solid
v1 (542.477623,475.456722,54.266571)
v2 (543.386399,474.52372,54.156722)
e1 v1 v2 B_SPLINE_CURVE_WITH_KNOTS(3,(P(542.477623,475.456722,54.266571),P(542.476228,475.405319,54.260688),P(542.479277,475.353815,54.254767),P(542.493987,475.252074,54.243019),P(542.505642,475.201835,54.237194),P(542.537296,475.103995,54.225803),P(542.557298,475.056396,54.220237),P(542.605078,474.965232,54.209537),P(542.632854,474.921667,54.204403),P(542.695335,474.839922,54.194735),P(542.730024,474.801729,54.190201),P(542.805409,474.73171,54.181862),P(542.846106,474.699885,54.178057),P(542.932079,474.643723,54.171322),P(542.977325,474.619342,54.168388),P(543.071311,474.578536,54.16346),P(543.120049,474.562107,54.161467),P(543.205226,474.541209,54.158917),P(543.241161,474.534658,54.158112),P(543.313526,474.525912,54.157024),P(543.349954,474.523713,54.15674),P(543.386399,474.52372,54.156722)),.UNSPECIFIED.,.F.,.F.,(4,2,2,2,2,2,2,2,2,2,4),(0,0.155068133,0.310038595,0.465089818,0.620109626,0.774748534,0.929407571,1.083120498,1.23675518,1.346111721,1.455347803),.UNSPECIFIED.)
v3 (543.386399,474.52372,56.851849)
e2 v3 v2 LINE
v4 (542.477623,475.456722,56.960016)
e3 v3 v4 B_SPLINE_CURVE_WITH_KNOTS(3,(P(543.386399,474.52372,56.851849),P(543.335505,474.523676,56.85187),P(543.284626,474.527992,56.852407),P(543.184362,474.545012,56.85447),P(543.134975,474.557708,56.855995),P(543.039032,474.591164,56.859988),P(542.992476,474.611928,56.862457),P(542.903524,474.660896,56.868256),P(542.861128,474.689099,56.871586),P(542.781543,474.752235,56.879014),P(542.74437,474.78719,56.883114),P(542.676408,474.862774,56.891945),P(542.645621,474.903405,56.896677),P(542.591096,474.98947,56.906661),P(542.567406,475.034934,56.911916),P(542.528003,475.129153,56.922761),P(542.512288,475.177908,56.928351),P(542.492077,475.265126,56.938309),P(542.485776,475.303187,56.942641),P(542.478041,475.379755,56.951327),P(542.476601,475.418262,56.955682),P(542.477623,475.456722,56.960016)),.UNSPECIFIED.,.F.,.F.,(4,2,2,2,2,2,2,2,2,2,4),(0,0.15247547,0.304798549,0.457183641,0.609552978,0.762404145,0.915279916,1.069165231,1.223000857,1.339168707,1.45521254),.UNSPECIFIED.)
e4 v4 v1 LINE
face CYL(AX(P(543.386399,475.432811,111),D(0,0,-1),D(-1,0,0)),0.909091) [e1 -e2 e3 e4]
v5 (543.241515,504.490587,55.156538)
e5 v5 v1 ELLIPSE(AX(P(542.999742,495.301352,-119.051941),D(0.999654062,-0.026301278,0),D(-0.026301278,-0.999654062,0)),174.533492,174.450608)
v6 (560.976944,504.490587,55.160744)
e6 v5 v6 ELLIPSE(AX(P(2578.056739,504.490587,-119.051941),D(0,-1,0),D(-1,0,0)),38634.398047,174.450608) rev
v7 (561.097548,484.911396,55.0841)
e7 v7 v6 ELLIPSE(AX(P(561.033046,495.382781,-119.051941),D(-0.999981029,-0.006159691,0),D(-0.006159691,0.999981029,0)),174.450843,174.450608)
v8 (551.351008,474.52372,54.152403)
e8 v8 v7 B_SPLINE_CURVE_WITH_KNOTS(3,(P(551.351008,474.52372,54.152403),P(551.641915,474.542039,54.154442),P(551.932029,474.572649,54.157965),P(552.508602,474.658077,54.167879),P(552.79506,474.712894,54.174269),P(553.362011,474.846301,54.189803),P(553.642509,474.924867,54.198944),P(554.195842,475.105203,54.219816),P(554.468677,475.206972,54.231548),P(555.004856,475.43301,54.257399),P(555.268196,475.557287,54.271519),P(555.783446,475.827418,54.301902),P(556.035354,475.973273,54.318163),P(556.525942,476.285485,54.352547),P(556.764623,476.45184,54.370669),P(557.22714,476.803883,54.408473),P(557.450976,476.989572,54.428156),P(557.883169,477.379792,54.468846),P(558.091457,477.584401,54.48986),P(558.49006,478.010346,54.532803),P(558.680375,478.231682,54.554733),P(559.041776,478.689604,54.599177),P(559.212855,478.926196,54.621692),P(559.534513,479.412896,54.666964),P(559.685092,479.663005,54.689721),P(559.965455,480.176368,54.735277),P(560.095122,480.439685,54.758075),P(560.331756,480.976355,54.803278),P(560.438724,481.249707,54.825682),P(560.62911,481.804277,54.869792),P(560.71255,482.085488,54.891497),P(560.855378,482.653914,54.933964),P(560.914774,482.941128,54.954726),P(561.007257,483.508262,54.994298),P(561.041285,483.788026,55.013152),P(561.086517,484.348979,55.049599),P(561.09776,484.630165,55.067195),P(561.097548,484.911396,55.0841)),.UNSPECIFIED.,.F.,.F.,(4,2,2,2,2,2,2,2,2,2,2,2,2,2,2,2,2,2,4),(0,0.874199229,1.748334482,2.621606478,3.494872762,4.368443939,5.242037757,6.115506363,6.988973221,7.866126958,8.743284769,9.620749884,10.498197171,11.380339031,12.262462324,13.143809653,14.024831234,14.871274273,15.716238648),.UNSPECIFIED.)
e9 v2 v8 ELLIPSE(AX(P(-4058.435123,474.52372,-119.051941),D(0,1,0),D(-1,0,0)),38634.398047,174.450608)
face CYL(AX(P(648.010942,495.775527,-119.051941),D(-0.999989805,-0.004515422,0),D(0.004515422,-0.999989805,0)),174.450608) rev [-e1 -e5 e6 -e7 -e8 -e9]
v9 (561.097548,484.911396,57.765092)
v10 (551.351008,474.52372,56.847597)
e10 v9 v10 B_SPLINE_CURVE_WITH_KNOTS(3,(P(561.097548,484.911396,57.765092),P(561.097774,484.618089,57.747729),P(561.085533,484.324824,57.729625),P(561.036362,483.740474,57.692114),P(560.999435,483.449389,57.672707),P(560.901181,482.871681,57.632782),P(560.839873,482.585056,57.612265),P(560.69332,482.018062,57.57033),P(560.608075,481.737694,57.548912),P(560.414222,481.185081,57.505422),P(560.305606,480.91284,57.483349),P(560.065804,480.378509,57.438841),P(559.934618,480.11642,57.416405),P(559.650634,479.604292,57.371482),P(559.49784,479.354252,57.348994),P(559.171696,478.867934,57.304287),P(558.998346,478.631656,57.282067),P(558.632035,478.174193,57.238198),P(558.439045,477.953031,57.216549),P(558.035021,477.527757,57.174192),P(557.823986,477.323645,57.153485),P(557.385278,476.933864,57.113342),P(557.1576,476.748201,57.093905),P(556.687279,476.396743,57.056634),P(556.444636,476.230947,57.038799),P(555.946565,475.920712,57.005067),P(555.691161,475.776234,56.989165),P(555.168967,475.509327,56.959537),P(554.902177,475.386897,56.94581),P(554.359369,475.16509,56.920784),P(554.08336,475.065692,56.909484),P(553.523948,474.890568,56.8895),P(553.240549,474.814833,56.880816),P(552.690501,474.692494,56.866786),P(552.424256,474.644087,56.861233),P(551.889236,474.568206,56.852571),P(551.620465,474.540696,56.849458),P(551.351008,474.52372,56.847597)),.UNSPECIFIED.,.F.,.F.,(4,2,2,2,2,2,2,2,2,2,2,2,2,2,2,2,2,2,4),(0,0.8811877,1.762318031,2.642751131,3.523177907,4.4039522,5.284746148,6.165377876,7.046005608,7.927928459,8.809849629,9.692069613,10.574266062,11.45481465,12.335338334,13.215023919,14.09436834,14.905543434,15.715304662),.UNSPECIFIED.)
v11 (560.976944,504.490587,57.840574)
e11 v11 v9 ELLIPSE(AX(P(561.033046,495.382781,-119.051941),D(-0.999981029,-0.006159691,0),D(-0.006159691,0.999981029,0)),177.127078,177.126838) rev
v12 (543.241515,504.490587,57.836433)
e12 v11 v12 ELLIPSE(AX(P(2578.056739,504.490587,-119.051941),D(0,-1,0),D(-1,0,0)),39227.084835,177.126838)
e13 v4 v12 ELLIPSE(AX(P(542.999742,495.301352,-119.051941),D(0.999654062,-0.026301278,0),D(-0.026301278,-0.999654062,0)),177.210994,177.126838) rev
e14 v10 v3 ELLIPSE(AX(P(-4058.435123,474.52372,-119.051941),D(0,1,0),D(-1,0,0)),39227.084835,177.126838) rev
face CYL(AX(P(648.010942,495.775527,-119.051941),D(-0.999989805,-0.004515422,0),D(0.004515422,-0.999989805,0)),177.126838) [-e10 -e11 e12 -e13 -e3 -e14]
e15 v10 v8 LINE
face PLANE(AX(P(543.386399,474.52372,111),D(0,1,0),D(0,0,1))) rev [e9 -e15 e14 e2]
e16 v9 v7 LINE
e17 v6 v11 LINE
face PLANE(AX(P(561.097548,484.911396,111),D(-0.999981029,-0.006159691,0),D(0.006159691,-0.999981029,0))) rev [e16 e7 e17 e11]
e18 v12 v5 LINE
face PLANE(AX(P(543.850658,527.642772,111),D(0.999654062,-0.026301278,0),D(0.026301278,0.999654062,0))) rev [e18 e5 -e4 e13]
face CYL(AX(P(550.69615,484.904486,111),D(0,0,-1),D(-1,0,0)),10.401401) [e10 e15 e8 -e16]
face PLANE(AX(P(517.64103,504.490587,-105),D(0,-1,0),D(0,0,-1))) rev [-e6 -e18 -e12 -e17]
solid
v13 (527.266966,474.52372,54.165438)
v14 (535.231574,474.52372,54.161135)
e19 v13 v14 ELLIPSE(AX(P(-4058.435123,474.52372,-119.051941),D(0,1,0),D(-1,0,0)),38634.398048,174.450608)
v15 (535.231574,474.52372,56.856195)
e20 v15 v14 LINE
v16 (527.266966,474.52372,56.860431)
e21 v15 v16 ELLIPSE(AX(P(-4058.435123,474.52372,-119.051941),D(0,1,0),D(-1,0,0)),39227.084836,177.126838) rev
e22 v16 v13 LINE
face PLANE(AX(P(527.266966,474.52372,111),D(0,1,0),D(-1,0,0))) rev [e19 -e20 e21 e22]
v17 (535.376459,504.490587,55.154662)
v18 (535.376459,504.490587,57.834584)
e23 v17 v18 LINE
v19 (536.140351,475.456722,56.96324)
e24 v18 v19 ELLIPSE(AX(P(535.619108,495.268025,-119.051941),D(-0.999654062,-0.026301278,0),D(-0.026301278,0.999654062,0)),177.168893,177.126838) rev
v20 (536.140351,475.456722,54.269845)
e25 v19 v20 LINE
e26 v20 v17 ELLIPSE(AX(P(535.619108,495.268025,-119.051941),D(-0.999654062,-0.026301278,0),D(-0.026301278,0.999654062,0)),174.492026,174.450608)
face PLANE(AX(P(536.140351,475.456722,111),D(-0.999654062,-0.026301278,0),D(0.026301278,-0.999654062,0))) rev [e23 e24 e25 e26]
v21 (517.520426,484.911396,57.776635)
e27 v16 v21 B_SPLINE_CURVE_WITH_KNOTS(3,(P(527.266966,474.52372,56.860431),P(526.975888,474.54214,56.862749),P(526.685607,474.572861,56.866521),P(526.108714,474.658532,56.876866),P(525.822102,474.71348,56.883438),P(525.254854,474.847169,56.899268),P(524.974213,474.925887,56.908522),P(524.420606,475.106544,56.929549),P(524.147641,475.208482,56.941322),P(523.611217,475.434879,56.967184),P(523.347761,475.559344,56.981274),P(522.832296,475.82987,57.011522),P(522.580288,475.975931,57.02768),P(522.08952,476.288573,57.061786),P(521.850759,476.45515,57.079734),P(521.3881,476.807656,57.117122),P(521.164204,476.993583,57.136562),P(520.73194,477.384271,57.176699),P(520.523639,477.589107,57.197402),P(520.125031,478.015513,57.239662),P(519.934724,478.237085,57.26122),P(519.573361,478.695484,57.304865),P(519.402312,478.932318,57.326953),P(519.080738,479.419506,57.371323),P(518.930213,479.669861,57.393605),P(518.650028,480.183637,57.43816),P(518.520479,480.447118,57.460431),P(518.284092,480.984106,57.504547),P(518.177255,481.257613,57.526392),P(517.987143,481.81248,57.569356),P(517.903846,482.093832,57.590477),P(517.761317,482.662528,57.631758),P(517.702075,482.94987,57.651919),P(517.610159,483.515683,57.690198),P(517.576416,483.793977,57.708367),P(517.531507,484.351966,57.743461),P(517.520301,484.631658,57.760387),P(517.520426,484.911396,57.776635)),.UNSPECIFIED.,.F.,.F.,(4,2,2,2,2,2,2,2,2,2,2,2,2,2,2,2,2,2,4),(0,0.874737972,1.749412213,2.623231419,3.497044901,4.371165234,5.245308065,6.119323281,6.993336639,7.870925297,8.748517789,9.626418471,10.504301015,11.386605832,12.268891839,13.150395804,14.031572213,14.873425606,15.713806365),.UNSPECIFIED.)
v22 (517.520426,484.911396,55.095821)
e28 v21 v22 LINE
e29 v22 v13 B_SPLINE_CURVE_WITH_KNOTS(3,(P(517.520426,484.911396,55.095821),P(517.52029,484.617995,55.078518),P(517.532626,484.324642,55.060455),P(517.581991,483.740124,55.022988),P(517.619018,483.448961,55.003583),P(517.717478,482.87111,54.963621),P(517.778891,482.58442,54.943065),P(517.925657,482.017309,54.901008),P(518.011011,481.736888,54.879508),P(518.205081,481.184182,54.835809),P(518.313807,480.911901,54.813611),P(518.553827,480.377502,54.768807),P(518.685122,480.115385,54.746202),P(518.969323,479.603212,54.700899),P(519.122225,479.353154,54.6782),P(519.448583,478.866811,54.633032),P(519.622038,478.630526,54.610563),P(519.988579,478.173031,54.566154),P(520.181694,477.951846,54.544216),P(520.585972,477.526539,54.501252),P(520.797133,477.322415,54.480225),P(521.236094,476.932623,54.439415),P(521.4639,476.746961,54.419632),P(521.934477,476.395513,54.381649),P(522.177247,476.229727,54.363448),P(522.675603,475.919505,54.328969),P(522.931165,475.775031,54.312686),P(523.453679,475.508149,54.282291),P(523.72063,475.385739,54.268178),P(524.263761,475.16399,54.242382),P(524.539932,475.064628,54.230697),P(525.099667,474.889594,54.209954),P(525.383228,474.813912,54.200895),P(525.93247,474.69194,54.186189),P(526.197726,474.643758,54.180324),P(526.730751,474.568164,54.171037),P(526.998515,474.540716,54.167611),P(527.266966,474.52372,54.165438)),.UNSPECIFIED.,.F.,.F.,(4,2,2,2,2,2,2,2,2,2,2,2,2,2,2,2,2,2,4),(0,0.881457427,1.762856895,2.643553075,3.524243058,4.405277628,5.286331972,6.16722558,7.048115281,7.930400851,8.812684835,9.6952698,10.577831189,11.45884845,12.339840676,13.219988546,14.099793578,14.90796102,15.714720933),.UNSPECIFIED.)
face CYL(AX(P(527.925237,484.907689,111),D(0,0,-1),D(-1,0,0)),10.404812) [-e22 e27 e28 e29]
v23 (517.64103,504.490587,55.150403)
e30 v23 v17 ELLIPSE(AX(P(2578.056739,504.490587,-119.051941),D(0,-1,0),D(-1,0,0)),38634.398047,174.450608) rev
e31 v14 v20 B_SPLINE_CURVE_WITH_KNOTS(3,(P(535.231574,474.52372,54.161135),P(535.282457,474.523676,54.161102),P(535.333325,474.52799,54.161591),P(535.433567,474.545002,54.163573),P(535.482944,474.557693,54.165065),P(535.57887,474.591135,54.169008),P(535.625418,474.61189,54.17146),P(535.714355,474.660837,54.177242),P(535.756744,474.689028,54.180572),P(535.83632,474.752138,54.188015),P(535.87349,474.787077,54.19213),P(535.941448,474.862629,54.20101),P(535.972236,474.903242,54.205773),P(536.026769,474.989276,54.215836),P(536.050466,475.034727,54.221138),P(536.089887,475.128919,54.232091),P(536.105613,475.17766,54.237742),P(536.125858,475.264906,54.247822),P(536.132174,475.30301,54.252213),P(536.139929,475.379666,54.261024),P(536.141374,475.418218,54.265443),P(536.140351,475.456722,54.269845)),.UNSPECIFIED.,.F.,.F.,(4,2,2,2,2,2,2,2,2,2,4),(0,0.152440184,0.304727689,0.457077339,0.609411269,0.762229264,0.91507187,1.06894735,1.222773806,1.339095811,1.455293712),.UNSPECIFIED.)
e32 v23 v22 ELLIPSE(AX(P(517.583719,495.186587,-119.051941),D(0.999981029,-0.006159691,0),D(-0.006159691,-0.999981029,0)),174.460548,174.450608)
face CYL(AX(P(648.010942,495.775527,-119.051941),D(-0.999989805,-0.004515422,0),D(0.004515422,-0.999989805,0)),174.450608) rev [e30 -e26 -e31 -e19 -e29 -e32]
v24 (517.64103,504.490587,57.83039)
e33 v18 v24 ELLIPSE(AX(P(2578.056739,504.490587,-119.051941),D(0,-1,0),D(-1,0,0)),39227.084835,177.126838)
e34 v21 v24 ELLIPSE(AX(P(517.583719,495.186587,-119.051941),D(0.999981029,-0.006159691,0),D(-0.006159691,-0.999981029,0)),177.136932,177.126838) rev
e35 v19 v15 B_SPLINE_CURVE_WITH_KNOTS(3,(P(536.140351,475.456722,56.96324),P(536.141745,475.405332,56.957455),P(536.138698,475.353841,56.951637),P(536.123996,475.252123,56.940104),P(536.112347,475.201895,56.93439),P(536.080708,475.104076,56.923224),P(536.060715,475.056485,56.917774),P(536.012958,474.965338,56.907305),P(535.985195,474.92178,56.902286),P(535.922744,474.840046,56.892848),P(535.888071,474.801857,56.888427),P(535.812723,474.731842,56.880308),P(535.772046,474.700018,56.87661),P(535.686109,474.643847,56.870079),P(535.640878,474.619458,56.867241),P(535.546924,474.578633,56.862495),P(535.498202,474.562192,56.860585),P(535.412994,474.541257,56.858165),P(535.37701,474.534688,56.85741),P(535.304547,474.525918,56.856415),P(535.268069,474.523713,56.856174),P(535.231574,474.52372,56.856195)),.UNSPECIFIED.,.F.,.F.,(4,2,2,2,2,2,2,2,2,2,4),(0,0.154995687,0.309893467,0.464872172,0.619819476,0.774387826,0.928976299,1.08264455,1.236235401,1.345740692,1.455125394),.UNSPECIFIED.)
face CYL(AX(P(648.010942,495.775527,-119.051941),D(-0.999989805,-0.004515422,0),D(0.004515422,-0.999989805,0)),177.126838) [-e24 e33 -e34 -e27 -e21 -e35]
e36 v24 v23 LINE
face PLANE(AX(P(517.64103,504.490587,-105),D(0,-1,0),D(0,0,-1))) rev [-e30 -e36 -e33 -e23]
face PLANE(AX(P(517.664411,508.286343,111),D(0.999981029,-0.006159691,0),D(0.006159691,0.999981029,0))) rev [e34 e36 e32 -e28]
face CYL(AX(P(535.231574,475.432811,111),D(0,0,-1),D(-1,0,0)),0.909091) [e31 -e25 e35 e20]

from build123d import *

# Parameters (mm, degrees)
BOSS_EXTRUDE1_DEPTH     = 111
CUT_EXTRUDE1_DEPTH      = 87
CUT_EXTRUDE1_DEPTH_BACK = 135
SKETCH3_OUTSIDE_W       = 148.268
SKETCH3_OUTSIDE_H       = 164.739
CUT_EXTRUDE2_DEPTH      = 130
KES_EKSTR_ZYON2_DEPTH   = 105


with BuildPart() as part:
    # Sketch1 → Boss-Extrude1 (new body)
    with BuildSketch(Plane.XY):
        with BuildLine():
            Line((517.664410906, 508.286343162), (517.520425715, 484.911395605))
            ThreePointArc((517.520425715, 484.911395605), (520.337490662, 477.788263307), (527.266966018, 474.52372047))
            Line((527.266966018, 474.52372047), (535.231574456, 474.52372047))
            ThreePointArc((535.231574456, 474.52372047), (535.882797488, 474.798496912), (536.140350875, 475.456721632))
            Line((536.140350875, 475.456721632), (534.767316081, 527.642772044))
            ThreePointArc((534.767316081, 527.642772044), (536.009798703, 531.011174662), (539.308986792, 532.427245709))
            ThreePointArc((539.308986792, 532.427245709), (542.608174882, 531.011174662), (543.850657504, 527.642772044))
            Line((543.850657504, 527.642772044), (542.477622709, 475.456721632))
            ThreePointArc((542.477622709, 475.456721632), (542.735176097, 474.798496912), (543.386399129, 474.52372047))
            Line((543.386399129, 474.52372047), (551.351007567, 474.52372047))
            ThreePointArc((551.351007567, 474.52372047), (558.281408258, 477.787395085), (561.097547869, 484.911395605))
            Line((561.097547869, 484.911395605), (560.953562679, 508.286343162))
            Line((560.953562679, 508.286343162), (560.734184481, 556.870055971))
            ThreePointArc((560.734184481, 556.870055971), (560.973621774, 561.417033438), (561.400829106, 565.950225271))
            Line((561.400829106, 565.950225271), (564.727256596, 601.253845235))
            ThreePointArc((564.727256596, 601.253845235), (564.61086534, 601.602450692), (564.274715543, 601.751030651))
            Line((564.274715543, 601.751030651), (543.683269376, 601.766265108))
            Line((543.683269376, 601.766265108), (542.621914123, 601.766265108))
            ThreePointArc((542.621914123, 601.766265108), (542.294228998, 601.626733985), (542.167721876, 601.293803928))
            Line((542.167721876, 601.293803928), (542.302077184, 582.505937358))
            ThreePointArc((542.302077184, 582.505937358), (539.302077184, 579.505937358), (536.302077184, 582.505937358))
            Line((536.302077184, 582.505937358), (536.436432491, 601.278569471))
            ThreePointArc((536.436432491, 601.278569471), (536.309925369, 601.611499528), (535.982240245, 601.751030651))
            Line((535.982240245, 601.751030651), (534.934704209, 601.751030651))
            Line((534.934704209, 601.751030651), (514.343258041, 601.751030651))
            ThreePointArc((514.343258041, 601.751030651), (514.007108245, 601.602450692), (513.890716989, 601.253845235))
            Line((513.890716989, 601.253845235), (517.217144479, 565.950225271))
            ThreePointArc((517.217144479, 565.950225271), (517.644351811, 561.417033438), (517.883789104, 556.870055971))
            Line((517.883789104, 556.870055971), (517.664410906, 508.286343162))
        make_face()
    extrude(amount=BOSS_EXTRUDE1_DEPTH)

    # Sketch3 outside → Cut-Extrude1 (cut, two sides: drawn at the far end of the back side and taken through both)
    with BuildSketch(Plane(origin=(563.237229272, 2.543279656, 0), x_dir=(0, 0, -1), z_dir=(0.9999898054305035, 0.004515421914267879, 0)).offset(-CUT_EXTRUDE1_DEPTH_BACK)):
        with Locations((-55.5, 535.7045)):
            Rectangle(SKETCH3_OUTSIDE_W, SKETCH3_OUTSIDE_H)
        with BuildLine():
            Line((-54.15240337, 472.029300483), (-56.84759663, 472.029300483))
            ThreePointArc((-56.84759663, 472.029300483), (-57.9806744, 487.067749831), (-57.830390264, 502.148076045))
            Line((-57.830390264, 502.148076045), (-56.463425913, 528.137009263))
            ThreePointArc((-56.463425913, 528.137009263), (-56.603102413, 538.142393826), (-58.068514869, 548.04086826))
            ThreePointArc((-58.068514869, 548.04086826), (-61.622708542, 565.163731064), (-64.874259312, 582.346633638))
            ThreePointArc((-64.874259312, 582.346633638), (-66.259909233, 590.781608006), (-67.385509377, 599.2552048))
            Line((-67.385509377, 599.2552048), (-64.690775732, 599.2552048))
            ThreePointArc((-64.690775732, 599.2552048), (-61.048172301, 576.611234839), (-55.533089644, 554.349119068))
            ThreePointArc((-55.533089644, 554.349119068), (-52.510625549, 537.211146411), (-53.299381188, 519.826576801))
            ThreePointArc((-53.299381188, 519.826576801), (-55.370891734, 495.957296403), (-54.15240337, 472.029300483))
        make_face(mode=Mode.SUBTRACT)
    extrude(amount=CUT_EXTRUDE1_DEPTH + CUT_EXTRUDE1_DEPTH_BACK, mode=Mode.SUBTRACT)

    # Sketch4 → Cut-Extrude2 (cut)
    with BuildSketch(Plane.XY):
        with BuildLine():
            Line((525.210033379, 573.07372047), (527.307940206, 573.07372047))
            ThreePointArc((527.307940206, 573.07372047), (528.434711696, 573.14721298), (529.29348257, 572.414050156))
            ThreePointArc((529.29348257, 572.414050156), (526.258986792, 564.47372047), (523.224491015, 572.414050156))
            ThreePointArc((523.224491015, 572.414050156), (524.083261888, 573.14721298), (525.210033379, 573.07372047))
        make_face()
        with BuildLine():
            Line((551.310033379, 573.07372047), (553.407940206, 573.07372047))
            ThreePointArc((553.407940206, 573.07372047), (554.534711696, 573.14721298), (555.39348257, 572.414050156))
            ThreePointArc((555.39348257, 572.414050156), (552.358986792, 564.47372047), (549.324491015, 572.414050156))
            ThreePointArc((549.324491015, 572.414050156), (550.183261888, 573.14721298), (551.310033379, 573.07372047))
        make_face()
    extrude(amount=CUT_EXTRUDE2_DEPTH, mode=Mode.SUBTRACT)

    # Çizim1 → Kes-Ekstrüzyon2 (cut, symmetric)
    with BuildSketch(Plane.XY):
        Polygon((517.641029775, 635.317918458), (477.326818539, 635.317918458), (477.326818539, 504.490586759), (517.641029775, 504.490586759), (580.201786594, 504.490586759), (580.201786594, 635.317918458), align=None)
    extrude(amount=KES_EKSTR_ZYON2_DEPTH, both=True, mode=Mode.SUBTRACT)


with BuildPart() as kes_ekstr_zyon2_piece_1:
    # of the separate pieces the step leaves, piece 1, a body of its own (kes_ekstr_zyon2_pieces)
    add(part.part.solids().sort_by_distance((543.241514721, 504.490586759, 55.156538323))[0])


with BuildPart() as kes_ekstr_zyon2_piece_2:
    # of the separate pieces the step leaves, piece 2, a body of its own (kes_ekstr_zyon2_pieces)
    add(part.part.solids().sort_by_distance((517.641029775, 504.490586759, 55.150403082))[0])


solid = Compound([kes_ekstr_zyon2_piece_1.part, kes_ekstr_zyon2_piece_2.part])
